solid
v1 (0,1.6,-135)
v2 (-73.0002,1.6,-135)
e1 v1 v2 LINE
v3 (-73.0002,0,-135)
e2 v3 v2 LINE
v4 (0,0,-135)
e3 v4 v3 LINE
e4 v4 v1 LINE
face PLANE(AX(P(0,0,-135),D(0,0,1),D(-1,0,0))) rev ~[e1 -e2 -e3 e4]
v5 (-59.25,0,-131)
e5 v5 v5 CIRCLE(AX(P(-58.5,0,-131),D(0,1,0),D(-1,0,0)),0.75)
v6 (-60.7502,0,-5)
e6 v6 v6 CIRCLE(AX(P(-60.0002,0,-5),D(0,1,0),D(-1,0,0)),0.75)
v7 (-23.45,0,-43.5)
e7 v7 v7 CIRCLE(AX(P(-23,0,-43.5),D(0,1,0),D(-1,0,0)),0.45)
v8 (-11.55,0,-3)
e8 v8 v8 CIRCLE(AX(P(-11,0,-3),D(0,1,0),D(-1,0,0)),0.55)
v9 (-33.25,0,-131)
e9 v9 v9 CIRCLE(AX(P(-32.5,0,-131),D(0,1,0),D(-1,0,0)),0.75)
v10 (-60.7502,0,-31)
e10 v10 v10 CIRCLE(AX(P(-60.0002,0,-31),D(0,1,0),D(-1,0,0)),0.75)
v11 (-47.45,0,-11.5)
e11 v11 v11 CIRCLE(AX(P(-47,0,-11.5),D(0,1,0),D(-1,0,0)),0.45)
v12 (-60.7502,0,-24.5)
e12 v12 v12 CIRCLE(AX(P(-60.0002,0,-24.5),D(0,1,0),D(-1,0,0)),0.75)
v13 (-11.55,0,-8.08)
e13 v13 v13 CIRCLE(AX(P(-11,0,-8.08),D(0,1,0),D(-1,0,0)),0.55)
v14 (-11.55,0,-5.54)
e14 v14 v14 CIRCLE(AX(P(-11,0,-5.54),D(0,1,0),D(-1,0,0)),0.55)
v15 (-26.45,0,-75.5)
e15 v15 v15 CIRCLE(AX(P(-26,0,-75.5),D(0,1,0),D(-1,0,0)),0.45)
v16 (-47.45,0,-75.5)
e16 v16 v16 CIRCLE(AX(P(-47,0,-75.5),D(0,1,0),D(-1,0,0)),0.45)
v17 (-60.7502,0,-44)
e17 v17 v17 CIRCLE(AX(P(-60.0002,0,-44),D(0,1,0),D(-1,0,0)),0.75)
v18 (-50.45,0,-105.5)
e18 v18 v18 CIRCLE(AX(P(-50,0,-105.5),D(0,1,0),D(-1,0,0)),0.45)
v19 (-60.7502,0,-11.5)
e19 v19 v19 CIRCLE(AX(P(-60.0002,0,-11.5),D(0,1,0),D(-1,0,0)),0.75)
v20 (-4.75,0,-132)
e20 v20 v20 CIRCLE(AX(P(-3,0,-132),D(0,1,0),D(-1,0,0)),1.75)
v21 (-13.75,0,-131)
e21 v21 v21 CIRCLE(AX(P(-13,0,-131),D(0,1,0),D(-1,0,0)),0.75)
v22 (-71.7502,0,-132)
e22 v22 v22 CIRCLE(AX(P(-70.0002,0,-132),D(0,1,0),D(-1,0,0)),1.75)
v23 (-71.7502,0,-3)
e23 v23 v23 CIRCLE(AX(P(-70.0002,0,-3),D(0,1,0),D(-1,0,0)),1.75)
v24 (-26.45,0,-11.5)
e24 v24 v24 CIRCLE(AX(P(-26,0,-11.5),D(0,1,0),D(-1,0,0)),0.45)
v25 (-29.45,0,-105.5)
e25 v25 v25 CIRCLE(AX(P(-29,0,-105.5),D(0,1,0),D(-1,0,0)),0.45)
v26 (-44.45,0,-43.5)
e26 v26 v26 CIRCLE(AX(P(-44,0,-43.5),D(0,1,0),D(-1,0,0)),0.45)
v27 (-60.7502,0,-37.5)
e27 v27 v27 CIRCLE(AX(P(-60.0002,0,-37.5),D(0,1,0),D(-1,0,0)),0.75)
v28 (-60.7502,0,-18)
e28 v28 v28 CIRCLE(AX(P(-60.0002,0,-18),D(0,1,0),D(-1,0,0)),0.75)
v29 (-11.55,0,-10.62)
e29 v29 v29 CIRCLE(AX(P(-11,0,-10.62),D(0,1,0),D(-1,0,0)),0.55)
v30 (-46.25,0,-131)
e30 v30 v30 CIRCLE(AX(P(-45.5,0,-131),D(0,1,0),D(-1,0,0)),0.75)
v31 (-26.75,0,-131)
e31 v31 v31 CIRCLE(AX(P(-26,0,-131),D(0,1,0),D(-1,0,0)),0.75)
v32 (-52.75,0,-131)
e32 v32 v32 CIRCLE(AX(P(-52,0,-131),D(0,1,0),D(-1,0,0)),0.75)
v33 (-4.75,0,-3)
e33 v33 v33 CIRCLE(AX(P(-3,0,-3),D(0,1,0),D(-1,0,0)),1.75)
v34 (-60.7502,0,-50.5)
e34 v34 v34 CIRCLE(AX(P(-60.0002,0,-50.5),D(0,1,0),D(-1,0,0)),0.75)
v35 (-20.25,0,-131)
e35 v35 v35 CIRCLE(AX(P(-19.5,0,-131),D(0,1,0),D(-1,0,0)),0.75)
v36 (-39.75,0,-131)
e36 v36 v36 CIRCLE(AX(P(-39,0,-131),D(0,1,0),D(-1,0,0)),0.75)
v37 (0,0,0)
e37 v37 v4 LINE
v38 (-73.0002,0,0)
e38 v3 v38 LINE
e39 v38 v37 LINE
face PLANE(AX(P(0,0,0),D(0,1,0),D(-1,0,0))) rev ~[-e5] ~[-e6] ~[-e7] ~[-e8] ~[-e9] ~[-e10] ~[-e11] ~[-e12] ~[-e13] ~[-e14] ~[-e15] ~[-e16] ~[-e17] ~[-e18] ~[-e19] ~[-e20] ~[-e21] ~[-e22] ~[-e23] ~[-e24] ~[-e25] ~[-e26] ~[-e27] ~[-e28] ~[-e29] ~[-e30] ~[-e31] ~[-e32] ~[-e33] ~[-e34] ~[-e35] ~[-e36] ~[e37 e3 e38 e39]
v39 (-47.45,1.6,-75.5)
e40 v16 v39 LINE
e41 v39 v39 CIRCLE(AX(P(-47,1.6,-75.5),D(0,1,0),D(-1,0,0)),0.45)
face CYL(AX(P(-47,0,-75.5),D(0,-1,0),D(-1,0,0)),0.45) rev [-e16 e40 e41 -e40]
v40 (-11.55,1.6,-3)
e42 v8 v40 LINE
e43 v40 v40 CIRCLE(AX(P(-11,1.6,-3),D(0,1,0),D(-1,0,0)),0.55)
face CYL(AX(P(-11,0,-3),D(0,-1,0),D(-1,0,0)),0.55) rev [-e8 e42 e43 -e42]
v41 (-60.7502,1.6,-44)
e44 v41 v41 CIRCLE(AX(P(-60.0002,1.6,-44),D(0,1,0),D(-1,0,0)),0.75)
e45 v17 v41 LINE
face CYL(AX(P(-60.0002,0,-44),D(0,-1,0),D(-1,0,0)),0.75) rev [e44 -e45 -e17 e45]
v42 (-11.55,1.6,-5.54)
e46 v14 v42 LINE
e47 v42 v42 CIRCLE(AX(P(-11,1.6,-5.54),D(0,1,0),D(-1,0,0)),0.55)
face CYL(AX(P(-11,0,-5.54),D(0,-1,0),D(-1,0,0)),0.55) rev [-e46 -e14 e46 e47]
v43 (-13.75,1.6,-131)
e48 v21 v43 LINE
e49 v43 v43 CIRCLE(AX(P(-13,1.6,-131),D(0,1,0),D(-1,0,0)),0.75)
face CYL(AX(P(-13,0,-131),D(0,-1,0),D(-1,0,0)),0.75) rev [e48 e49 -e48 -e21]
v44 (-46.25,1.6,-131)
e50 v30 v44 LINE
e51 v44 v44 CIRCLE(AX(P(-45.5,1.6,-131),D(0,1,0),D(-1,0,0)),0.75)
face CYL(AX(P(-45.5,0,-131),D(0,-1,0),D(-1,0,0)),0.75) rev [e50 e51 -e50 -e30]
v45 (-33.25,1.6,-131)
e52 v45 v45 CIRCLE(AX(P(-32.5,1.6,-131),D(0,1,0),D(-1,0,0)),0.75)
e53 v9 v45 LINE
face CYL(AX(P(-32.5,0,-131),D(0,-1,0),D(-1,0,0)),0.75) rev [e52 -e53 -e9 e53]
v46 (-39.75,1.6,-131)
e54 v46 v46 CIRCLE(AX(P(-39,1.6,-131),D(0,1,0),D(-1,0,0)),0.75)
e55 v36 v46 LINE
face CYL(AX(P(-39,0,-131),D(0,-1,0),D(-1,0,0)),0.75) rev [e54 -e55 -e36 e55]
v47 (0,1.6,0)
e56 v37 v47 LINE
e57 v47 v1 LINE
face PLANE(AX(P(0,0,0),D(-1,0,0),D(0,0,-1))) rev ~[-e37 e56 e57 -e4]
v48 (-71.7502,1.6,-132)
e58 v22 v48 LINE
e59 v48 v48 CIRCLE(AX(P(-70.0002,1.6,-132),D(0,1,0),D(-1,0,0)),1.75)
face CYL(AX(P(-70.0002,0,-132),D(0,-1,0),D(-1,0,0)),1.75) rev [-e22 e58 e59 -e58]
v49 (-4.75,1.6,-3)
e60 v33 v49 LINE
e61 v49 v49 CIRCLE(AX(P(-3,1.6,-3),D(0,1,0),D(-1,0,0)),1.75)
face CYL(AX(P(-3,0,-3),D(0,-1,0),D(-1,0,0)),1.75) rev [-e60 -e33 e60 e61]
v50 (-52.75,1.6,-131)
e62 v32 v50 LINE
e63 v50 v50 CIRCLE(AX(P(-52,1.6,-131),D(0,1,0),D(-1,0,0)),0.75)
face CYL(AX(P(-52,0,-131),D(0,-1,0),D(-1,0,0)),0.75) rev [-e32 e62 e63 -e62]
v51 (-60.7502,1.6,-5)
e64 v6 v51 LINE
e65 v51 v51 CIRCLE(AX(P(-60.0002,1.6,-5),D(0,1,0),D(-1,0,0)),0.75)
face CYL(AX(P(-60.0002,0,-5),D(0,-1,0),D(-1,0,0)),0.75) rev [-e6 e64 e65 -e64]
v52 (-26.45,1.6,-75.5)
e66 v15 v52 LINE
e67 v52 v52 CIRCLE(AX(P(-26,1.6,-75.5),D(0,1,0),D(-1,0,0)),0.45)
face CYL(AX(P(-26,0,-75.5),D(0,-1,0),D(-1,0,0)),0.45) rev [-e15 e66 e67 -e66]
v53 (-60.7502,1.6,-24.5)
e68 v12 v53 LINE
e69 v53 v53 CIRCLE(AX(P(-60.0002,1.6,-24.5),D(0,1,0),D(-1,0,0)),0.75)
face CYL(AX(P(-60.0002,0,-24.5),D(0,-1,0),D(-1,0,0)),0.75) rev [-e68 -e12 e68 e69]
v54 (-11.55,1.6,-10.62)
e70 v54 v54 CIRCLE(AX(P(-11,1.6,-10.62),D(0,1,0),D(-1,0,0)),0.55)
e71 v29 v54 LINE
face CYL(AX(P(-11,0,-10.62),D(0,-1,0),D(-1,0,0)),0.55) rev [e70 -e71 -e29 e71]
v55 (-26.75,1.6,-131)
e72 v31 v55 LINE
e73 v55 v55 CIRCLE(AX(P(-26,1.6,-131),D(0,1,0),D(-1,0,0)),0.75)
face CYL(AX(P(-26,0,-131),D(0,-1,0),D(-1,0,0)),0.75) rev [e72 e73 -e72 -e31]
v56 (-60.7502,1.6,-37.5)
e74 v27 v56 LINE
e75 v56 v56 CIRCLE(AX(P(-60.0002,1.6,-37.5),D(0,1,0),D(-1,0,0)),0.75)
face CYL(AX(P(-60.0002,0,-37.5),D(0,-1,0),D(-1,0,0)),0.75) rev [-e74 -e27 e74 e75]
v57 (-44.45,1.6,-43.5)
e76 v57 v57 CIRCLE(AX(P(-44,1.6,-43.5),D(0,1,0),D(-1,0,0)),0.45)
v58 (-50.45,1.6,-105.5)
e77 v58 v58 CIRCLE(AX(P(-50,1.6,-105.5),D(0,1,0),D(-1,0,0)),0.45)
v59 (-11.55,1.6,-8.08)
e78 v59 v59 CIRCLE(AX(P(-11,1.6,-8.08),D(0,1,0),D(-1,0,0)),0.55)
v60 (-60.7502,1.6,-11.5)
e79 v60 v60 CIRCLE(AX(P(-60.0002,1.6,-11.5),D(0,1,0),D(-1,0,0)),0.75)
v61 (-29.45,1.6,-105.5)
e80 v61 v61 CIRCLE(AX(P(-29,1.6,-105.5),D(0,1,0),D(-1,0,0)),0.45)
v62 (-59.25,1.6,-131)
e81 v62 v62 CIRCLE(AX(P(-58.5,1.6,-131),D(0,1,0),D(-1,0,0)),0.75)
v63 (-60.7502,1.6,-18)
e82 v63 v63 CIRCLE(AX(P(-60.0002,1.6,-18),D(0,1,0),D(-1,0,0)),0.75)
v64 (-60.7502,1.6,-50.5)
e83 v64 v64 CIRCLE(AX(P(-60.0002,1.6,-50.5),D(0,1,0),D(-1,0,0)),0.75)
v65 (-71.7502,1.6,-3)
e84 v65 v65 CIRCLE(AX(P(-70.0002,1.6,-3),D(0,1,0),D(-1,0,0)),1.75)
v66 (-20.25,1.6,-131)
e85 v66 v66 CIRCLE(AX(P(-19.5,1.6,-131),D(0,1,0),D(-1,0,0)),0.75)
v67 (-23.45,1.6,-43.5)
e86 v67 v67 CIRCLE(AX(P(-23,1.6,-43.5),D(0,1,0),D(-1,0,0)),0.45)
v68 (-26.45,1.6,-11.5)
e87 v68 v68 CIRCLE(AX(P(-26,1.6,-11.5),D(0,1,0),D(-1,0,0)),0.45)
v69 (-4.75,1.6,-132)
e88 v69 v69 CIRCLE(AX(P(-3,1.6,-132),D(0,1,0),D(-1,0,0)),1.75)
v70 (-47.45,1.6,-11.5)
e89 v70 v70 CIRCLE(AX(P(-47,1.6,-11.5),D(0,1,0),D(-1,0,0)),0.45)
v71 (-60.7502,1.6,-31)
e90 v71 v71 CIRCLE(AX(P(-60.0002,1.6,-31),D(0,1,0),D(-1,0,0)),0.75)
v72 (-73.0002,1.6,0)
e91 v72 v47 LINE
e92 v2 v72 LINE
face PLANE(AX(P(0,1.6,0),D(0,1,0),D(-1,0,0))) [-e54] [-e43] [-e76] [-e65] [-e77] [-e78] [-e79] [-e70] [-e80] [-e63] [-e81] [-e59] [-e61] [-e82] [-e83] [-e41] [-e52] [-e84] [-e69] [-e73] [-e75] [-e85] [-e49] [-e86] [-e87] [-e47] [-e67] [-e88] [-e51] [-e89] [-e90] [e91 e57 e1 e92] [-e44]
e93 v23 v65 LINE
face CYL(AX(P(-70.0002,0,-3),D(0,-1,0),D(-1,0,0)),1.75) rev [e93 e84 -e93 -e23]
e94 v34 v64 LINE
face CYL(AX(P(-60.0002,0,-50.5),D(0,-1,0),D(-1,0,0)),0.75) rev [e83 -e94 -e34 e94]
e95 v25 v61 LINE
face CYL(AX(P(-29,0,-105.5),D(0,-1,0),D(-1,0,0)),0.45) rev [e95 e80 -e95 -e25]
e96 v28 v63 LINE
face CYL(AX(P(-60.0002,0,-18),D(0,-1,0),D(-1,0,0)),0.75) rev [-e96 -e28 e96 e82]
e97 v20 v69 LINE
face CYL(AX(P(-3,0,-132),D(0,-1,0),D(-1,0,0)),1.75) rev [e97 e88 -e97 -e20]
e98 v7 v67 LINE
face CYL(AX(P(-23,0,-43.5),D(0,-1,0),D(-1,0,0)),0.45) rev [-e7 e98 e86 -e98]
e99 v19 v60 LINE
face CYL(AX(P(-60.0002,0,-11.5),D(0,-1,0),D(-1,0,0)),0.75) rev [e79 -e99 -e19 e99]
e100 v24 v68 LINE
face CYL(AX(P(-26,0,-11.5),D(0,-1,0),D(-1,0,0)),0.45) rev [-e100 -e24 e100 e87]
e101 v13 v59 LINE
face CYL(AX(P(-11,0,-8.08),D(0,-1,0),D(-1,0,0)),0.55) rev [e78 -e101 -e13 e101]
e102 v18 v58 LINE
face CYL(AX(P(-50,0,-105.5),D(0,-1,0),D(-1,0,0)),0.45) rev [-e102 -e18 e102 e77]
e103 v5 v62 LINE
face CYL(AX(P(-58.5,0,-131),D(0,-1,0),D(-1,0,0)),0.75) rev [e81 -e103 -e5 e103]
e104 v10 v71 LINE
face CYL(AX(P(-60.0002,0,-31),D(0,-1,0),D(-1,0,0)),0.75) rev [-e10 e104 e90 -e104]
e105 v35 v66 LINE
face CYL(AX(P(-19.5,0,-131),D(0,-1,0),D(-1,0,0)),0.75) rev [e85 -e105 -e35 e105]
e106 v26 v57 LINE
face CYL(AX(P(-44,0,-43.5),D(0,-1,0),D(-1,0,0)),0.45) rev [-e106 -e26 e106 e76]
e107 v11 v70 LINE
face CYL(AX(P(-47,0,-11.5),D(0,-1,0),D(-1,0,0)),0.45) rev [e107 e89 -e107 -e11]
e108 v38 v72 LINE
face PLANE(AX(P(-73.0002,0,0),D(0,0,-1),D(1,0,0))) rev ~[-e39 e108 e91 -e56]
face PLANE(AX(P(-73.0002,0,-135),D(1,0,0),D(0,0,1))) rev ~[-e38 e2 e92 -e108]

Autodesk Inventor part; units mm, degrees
ref_plane "YZ Plane" through (0, 0, 0) normal (1, 0, 0) x (0, 1, 0)
ref_plane "XZ Plane" through (0, 0, 0) normal (0, 1, 0) x (-1, 0, 0)
ref_plane "XY Plane" through (0, 0, 0) normal (0, 0, 1) x (1, 0, 0)
sketch "Sketch1" plane through (0, 0, 0) normal (0, 1, 0) x (-1, 0, 0)
  line L0 (0, 0) -> (0, -135)
  line L1 (0, -135) -> (73.0002, -135)
  line L2 (73.0002, -135) -> (73.0002, 0)
  circle A0 centre (3, -3) radius 1.75
  line L3 (73.0002, 0) -> (0, 0)
  circle A1 centre (70.0002, -3) radius 1.75
  circle A2 centre (70.0002, -132) radius 1.75
  circle A3 centre (3, -132) radius 1.75
  circle A4 centre (13, -131) radius 0.75
  circle A5 centre (19.5, -131) radius 0.75
  circle A6 centre (26, -131) radius 0.75
  circle A7 centre (32.5, -131) radius 0.75
  circle A8 centre (39, -131) radius 0.75
  circle A9 centre (45.5, -131) radius 0.75
  circle A10 centre (52, -131) radius 0.75
  circle A11 centre (58.5, -131) radius 0.75
  circle A12 centre (11, -3) radius 0.55
  circle A13 centre (11, -5.54) radius 0.55
  circle A14 centre (11, -8.08) radius 0.55
  circle A15 centre (11, -10.62) radius 0.55
  circle A16 centre (60.0002, -5) radius 0.75
  circle A17 centre (60.0002, -11.5) radius 0.75
  circle A18 centre (60.0002, -18) radius 0.75
  circle A19 centre (60.0002, -24.5) radius 0.75
  circle A20 centre (60.0002, -31) radius 0.75
  circle A21 centre (60.0002, -37.5) radius 0.75
  circle A22 centre (60.0002, -44) radius 0.75
  circle A23 centre (60.0002, -50.5) radius 0.75
  line L4 (47, -21) -> (26, -21) construction
  line L5 (44, -53) -> (23, -53) construction
  line L6 (47, -85) -> (26, -85) construction
  line L7 (50, -115) -> (29, -115) construction
  line L8 (47, -21) -> (47, -11.5) construction
  line L9 (26, -21) -> (26, -11.5) construction
  line L10 (44, -53) -> (44, -43.5) construction
  line L11 (23, -53) -> (23, -43.5) construction
  line L12 (26, -85) -> (26, -75.5) construction
  line L13 (47, -85) -> (47, -75.5) construction
  line L14 (50, -115) -> (50, -105.5) construction
  line L15 (29, -115) -> (29, -105.5) construction
  circle A24 centre (29, -105.5) radius 0.45
  circle A25 centre (50, -105.5) radius 0.45
  circle A26 centre (47, -75.5) radius 0.45
  circle A27 centre (26, -75.5) radius 0.45
  circle A28 centre (44, -43.5) radius 0.45
  circle A29 centre (23, -43.5) radius 0.45
  circle A30 centre (26, -11.5) radius 0.45
  circle A31 centre (47, -11.5) radius 0.45
  dimension "d42" = 3.5
  dimension "d52" = 3
  dimension "d53" = 3
  dimension "d54" = 135
  dimension "d55" = 73.0002
  dimension "d56" = 3.5
  dimension "d57" = 3.5
  dimension "d58" = 3.5
  dimension "d59" = 3
  dimension "d60" = 3
  dimension "d61" = 3
  dimension "d62" = 3
  dimension "d63" = 3
  dimension "d64" = 3
  dimension "d65" = 1.5
  dimension "d66" = 4
  dimension "d67" = 13
  dimension "d70" = 6.5
  dimension "d75" = 1.1
  dimension "d76" = 3
  dimension "d77" = 11
  dimension "d80" = 2.54
  dimension "d85" = 1.5
  dimension "d86" = 13
  dimension "d87" = 5
  dimension "d90" = 6.5
  dimension "d95" = 21
  dimension "d96" = 21
  dimension "d97" = 21
  dimension "d98" = 21
  dimension "d99" = 26
  dimension "d100" = 114
  dimension "d101" = 23
  dimension "d102" = 82
  dimension "d103" = 26
  dimension "d104" = 50
  dimension "d105" = 29
  dimension "d106" = 20
  dimension "d115" = 0.9
  dimension "d128" = 0.9
  dimension "d141" = 0.9
  dimension "d154" = 0.9
  dimension "d167" = 0.9
  dimension "d180" = 0.9
  dimension "d193" = 0.9
  dimension "d206" = 0.9
  dimension "d209" = 9.5
  dimension "d210" = 9.5
  dimension "d211" = 9.5
  dimension "d212" = 9.5
  dimension "d213" = 9.5
  dimension "d214" = 9.5
  dimension "d215" = 9.5
  dimension "d216" = 9.5
extrude "Extrusion1" add sketch "Sketch1" along normal blind 1.6
sketch "Sketch2" plane through (0, 0, 0) normal (0, -1, 0) x (1, 0, 0)
  circle A0 centre (-60.0002, -5) radius 0.75 construction
  circle A1 centre (-60.0002, -11.5) radius 0.75 construction
  circle A2 centre (-60.0002, -18) radius 0.75 construction
  circle A3 centre (-60.0002, -24.5) radius 0.75 construction
  circle A4 centre (-60.0002, -31) radius 0.75 construction
  circle A5 centre (-11, -3) radius 0.55 construction
  circle A6 centre (-11, -5.54) radius 0.55 construction
  circle A7 centre (-11, -8.08) radius 0.55 construction
  circle A8 centre (-11, -10.62) radius 0.55 construction
  circle A9 centre (-60.0002, -37.5) radius 0.75 construction
  circle A10 centre (-60.0002, -44) radius 0.75 construction
  circle A11 centre (-60.0002, -50.5) radius 0.75 construction
  circle A12 centre (-58.5, -131) radius 0.75 construction
  circle A13 centre (-52, -131) radius 0.75 construction
  circle A14 centre (-45.5, -131) radius 0.75 construction
  circle A15 centre (-39, -131) radius 0.75 construction
  circle A16 centre (-26, -131) radius 0.75 construction
  circle A17 centre (-19.5, -131) radius 0.75 construction
  circle A18 centre (-13, -131) radius 0.75 construction
  circle A19 centre (-32.5, -131) radius 0.75 construction
  circle A20 centre (-60.0002, -31) radius 0.75 construction
  circle A21 centre (-60.0002, -24.5) radius 0.75 construction
  circle A22 centre (-60.0002, -11.5) radius 0.75 projected
  point P0 (0, 0)
properties part number "powerDistributionPCB" material "GFRP"
